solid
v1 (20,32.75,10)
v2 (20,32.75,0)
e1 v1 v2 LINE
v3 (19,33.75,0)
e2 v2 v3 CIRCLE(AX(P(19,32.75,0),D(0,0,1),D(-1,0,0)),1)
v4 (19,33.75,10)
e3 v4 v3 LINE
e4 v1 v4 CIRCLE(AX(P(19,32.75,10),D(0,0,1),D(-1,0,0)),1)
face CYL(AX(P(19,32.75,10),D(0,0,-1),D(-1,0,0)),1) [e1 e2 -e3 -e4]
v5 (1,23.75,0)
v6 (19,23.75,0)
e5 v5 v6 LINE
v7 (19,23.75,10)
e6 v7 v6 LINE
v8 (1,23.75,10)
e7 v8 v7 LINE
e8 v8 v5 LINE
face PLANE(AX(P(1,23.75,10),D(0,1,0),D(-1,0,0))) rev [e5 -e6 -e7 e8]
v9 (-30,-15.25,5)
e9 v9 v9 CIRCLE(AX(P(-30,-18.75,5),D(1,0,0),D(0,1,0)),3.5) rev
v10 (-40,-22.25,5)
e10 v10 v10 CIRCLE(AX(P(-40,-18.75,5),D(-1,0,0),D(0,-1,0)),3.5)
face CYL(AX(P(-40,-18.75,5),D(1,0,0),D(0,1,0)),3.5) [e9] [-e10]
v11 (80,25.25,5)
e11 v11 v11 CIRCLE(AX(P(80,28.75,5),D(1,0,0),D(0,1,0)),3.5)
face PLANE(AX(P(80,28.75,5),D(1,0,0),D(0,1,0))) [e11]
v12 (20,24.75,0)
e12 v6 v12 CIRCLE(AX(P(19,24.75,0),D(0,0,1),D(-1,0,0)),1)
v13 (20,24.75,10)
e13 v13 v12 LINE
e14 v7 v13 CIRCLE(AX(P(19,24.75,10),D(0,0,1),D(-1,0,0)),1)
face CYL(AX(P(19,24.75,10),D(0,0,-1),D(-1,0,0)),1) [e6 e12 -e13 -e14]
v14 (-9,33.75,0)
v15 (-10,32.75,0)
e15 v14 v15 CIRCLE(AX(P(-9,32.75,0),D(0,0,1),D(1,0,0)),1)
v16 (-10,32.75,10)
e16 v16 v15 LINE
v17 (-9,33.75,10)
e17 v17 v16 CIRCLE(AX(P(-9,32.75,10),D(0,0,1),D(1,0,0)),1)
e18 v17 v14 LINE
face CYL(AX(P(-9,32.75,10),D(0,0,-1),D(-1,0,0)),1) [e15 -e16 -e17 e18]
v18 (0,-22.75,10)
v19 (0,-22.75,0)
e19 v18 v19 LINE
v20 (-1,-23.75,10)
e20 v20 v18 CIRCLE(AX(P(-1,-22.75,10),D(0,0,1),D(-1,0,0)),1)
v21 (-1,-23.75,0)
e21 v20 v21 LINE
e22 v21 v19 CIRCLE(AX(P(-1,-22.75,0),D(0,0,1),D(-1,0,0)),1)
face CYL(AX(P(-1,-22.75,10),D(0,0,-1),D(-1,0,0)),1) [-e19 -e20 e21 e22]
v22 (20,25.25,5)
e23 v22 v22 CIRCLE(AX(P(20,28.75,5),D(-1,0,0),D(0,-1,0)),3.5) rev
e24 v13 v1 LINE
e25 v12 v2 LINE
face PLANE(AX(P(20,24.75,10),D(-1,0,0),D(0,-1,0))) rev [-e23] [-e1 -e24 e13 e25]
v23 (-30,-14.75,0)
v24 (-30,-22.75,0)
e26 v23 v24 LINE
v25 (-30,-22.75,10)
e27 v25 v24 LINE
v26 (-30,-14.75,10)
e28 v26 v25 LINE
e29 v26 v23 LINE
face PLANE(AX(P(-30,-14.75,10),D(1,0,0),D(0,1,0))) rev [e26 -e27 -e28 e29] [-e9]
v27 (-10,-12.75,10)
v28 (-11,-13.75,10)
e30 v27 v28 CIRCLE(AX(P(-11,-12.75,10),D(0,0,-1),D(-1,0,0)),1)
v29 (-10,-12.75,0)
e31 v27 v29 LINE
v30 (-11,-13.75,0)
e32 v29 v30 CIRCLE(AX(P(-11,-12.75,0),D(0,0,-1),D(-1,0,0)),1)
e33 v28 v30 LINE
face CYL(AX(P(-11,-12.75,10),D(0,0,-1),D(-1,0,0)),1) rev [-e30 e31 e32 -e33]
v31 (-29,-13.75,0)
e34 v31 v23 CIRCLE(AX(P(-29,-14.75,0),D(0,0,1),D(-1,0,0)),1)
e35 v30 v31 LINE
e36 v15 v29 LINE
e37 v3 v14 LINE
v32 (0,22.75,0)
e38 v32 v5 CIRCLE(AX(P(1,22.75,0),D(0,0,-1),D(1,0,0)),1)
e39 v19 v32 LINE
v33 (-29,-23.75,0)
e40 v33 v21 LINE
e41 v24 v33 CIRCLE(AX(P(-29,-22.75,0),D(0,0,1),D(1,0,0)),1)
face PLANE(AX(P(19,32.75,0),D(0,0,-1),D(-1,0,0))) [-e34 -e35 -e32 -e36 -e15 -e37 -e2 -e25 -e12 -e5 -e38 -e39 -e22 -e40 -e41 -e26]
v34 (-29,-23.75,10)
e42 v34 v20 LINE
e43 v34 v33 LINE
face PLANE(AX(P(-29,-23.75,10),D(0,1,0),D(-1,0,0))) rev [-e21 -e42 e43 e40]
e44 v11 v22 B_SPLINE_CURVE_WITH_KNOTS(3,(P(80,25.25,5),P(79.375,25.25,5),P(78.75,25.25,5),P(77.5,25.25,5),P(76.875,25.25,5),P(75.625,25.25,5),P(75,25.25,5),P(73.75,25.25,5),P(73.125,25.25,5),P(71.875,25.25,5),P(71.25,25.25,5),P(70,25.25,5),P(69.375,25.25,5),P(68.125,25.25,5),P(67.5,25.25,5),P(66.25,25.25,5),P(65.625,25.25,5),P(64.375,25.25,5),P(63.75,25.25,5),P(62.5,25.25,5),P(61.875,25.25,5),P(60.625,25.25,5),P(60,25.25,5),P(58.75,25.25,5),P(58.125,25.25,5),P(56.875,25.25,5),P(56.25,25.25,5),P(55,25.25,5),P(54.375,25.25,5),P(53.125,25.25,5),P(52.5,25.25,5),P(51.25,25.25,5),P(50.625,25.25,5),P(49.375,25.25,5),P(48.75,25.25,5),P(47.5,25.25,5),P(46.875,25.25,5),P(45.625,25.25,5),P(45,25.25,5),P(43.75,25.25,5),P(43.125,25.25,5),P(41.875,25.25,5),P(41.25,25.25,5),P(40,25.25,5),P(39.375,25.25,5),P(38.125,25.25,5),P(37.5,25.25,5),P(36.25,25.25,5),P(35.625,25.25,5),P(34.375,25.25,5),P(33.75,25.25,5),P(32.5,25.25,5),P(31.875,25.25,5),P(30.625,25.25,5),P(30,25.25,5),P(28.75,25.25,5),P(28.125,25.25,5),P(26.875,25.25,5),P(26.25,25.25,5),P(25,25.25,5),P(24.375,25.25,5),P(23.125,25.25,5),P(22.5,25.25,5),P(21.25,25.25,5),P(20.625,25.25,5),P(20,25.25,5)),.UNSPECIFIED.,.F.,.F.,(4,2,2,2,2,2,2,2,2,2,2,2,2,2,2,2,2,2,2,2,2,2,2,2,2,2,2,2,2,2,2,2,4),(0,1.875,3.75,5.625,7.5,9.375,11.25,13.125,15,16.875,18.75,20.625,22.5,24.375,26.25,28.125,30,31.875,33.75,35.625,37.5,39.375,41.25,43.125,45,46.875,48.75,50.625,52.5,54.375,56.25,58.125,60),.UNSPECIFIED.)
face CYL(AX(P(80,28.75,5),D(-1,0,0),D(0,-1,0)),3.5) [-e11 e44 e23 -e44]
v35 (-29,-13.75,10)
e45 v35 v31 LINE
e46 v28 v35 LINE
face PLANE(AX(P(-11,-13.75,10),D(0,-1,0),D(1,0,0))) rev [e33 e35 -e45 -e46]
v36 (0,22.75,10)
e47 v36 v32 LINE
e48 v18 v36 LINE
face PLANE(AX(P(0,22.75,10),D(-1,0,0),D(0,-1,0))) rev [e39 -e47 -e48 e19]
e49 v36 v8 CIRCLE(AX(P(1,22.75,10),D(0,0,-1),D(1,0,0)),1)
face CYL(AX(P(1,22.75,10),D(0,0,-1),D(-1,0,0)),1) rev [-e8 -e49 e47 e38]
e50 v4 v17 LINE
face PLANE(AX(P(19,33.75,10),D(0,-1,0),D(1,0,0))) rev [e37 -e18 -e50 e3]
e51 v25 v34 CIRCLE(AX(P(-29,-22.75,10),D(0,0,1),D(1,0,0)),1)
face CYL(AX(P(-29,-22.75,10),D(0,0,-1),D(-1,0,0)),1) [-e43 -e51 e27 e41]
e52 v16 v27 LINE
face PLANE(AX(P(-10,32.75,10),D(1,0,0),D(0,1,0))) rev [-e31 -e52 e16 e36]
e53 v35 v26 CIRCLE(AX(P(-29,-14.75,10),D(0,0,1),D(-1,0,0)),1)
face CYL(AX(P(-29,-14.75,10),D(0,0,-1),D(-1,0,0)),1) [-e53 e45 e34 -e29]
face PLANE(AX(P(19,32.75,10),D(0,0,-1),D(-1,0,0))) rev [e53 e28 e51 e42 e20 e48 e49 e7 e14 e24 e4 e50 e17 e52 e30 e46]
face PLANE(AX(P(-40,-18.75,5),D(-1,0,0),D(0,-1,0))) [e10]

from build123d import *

# Parameters (mm, degrees)
BOSS_EXTRUDE2_DEPTH = 10
SKETCH3_R           = 3.5
BOSS_EXTRUDE3_DEPTH = 60
SKETCH4_R           = 3.5
BOSS_EXTRUDE4_DEPTH = 10


with BuildPart() as part:
    # Sketch1 → Boss-Extrude2 (new body)
    with BuildSketch(Plane.XY):
        with BuildLine():
            Line((0, 22.75), (0, -22.75))
            ThreePointArc((0, -22.75), (-0.292893219, -23.457106781), (-1, -23.75))
            Line((-1, -23.75), (-29, -23.75))
            ThreePointArc((-29, -23.75), (-29.707106781, -23.457106781), (-30, -22.75))
            Line((-30, -22.75), (-30, -14.75))
            ThreePointArc((-30, -14.75), (-29.707106781, -14.042893219), (-29, -13.75))
            Line((-29, -13.75), (-11, -13.75))
            ThreePointArc((-11, -13.75), (-10.292893219, -13.457106781), (-10, -12.75))
            Line((-10, -12.75), (-10, 32.75))
            ThreePointArc((-10, 32.75), (-9.707106781, 33.457106781), (-9, 33.75))
            Line((-9, 33.75), (19, 33.75))
            ThreePointArc((19, 33.75), (19.707106781, 33.457106781), (20, 32.75))
            Line((20, 32.75), (20, 24.75))
            ThreePointArc((20, 24.75), (19.707106781, 24.042893219), (19, 23.75))
            Line((19, 23.75), (1, 23.75))
            ThreePointArc((1, 23.75), (0.292893219, 23.457106781), (0, 22.75))
        make_face()
    extrude(amount=BOSS_EXTRUDE2_DEPTH)

    # Sketch3 → Boss-Extrude3 (add)
    with BuildSketch(Plane(origin=(20, 0, 0), x_dir=(0, 0, -1), z_dir=(1, 0, 0))):
        with Locations(Location((-5, 28.75, 0), (0, 0, 270))):
            Circle(SKETCH3_R)
    extrude(amount=BOSS_EXTRUDE3_DEPTH)

    # Sketch4 → Boss-Extrude4 (add)
    with BuildSketch(Plane.ZY.offset(30)):
        with Locations(Location((5, -18.75, 0), (0, 0, 90))):
            Circle(SKETCH4_R)
    extrude(amount=BOSS_EXTRUDE4_DEPTH)


solid = part.part
